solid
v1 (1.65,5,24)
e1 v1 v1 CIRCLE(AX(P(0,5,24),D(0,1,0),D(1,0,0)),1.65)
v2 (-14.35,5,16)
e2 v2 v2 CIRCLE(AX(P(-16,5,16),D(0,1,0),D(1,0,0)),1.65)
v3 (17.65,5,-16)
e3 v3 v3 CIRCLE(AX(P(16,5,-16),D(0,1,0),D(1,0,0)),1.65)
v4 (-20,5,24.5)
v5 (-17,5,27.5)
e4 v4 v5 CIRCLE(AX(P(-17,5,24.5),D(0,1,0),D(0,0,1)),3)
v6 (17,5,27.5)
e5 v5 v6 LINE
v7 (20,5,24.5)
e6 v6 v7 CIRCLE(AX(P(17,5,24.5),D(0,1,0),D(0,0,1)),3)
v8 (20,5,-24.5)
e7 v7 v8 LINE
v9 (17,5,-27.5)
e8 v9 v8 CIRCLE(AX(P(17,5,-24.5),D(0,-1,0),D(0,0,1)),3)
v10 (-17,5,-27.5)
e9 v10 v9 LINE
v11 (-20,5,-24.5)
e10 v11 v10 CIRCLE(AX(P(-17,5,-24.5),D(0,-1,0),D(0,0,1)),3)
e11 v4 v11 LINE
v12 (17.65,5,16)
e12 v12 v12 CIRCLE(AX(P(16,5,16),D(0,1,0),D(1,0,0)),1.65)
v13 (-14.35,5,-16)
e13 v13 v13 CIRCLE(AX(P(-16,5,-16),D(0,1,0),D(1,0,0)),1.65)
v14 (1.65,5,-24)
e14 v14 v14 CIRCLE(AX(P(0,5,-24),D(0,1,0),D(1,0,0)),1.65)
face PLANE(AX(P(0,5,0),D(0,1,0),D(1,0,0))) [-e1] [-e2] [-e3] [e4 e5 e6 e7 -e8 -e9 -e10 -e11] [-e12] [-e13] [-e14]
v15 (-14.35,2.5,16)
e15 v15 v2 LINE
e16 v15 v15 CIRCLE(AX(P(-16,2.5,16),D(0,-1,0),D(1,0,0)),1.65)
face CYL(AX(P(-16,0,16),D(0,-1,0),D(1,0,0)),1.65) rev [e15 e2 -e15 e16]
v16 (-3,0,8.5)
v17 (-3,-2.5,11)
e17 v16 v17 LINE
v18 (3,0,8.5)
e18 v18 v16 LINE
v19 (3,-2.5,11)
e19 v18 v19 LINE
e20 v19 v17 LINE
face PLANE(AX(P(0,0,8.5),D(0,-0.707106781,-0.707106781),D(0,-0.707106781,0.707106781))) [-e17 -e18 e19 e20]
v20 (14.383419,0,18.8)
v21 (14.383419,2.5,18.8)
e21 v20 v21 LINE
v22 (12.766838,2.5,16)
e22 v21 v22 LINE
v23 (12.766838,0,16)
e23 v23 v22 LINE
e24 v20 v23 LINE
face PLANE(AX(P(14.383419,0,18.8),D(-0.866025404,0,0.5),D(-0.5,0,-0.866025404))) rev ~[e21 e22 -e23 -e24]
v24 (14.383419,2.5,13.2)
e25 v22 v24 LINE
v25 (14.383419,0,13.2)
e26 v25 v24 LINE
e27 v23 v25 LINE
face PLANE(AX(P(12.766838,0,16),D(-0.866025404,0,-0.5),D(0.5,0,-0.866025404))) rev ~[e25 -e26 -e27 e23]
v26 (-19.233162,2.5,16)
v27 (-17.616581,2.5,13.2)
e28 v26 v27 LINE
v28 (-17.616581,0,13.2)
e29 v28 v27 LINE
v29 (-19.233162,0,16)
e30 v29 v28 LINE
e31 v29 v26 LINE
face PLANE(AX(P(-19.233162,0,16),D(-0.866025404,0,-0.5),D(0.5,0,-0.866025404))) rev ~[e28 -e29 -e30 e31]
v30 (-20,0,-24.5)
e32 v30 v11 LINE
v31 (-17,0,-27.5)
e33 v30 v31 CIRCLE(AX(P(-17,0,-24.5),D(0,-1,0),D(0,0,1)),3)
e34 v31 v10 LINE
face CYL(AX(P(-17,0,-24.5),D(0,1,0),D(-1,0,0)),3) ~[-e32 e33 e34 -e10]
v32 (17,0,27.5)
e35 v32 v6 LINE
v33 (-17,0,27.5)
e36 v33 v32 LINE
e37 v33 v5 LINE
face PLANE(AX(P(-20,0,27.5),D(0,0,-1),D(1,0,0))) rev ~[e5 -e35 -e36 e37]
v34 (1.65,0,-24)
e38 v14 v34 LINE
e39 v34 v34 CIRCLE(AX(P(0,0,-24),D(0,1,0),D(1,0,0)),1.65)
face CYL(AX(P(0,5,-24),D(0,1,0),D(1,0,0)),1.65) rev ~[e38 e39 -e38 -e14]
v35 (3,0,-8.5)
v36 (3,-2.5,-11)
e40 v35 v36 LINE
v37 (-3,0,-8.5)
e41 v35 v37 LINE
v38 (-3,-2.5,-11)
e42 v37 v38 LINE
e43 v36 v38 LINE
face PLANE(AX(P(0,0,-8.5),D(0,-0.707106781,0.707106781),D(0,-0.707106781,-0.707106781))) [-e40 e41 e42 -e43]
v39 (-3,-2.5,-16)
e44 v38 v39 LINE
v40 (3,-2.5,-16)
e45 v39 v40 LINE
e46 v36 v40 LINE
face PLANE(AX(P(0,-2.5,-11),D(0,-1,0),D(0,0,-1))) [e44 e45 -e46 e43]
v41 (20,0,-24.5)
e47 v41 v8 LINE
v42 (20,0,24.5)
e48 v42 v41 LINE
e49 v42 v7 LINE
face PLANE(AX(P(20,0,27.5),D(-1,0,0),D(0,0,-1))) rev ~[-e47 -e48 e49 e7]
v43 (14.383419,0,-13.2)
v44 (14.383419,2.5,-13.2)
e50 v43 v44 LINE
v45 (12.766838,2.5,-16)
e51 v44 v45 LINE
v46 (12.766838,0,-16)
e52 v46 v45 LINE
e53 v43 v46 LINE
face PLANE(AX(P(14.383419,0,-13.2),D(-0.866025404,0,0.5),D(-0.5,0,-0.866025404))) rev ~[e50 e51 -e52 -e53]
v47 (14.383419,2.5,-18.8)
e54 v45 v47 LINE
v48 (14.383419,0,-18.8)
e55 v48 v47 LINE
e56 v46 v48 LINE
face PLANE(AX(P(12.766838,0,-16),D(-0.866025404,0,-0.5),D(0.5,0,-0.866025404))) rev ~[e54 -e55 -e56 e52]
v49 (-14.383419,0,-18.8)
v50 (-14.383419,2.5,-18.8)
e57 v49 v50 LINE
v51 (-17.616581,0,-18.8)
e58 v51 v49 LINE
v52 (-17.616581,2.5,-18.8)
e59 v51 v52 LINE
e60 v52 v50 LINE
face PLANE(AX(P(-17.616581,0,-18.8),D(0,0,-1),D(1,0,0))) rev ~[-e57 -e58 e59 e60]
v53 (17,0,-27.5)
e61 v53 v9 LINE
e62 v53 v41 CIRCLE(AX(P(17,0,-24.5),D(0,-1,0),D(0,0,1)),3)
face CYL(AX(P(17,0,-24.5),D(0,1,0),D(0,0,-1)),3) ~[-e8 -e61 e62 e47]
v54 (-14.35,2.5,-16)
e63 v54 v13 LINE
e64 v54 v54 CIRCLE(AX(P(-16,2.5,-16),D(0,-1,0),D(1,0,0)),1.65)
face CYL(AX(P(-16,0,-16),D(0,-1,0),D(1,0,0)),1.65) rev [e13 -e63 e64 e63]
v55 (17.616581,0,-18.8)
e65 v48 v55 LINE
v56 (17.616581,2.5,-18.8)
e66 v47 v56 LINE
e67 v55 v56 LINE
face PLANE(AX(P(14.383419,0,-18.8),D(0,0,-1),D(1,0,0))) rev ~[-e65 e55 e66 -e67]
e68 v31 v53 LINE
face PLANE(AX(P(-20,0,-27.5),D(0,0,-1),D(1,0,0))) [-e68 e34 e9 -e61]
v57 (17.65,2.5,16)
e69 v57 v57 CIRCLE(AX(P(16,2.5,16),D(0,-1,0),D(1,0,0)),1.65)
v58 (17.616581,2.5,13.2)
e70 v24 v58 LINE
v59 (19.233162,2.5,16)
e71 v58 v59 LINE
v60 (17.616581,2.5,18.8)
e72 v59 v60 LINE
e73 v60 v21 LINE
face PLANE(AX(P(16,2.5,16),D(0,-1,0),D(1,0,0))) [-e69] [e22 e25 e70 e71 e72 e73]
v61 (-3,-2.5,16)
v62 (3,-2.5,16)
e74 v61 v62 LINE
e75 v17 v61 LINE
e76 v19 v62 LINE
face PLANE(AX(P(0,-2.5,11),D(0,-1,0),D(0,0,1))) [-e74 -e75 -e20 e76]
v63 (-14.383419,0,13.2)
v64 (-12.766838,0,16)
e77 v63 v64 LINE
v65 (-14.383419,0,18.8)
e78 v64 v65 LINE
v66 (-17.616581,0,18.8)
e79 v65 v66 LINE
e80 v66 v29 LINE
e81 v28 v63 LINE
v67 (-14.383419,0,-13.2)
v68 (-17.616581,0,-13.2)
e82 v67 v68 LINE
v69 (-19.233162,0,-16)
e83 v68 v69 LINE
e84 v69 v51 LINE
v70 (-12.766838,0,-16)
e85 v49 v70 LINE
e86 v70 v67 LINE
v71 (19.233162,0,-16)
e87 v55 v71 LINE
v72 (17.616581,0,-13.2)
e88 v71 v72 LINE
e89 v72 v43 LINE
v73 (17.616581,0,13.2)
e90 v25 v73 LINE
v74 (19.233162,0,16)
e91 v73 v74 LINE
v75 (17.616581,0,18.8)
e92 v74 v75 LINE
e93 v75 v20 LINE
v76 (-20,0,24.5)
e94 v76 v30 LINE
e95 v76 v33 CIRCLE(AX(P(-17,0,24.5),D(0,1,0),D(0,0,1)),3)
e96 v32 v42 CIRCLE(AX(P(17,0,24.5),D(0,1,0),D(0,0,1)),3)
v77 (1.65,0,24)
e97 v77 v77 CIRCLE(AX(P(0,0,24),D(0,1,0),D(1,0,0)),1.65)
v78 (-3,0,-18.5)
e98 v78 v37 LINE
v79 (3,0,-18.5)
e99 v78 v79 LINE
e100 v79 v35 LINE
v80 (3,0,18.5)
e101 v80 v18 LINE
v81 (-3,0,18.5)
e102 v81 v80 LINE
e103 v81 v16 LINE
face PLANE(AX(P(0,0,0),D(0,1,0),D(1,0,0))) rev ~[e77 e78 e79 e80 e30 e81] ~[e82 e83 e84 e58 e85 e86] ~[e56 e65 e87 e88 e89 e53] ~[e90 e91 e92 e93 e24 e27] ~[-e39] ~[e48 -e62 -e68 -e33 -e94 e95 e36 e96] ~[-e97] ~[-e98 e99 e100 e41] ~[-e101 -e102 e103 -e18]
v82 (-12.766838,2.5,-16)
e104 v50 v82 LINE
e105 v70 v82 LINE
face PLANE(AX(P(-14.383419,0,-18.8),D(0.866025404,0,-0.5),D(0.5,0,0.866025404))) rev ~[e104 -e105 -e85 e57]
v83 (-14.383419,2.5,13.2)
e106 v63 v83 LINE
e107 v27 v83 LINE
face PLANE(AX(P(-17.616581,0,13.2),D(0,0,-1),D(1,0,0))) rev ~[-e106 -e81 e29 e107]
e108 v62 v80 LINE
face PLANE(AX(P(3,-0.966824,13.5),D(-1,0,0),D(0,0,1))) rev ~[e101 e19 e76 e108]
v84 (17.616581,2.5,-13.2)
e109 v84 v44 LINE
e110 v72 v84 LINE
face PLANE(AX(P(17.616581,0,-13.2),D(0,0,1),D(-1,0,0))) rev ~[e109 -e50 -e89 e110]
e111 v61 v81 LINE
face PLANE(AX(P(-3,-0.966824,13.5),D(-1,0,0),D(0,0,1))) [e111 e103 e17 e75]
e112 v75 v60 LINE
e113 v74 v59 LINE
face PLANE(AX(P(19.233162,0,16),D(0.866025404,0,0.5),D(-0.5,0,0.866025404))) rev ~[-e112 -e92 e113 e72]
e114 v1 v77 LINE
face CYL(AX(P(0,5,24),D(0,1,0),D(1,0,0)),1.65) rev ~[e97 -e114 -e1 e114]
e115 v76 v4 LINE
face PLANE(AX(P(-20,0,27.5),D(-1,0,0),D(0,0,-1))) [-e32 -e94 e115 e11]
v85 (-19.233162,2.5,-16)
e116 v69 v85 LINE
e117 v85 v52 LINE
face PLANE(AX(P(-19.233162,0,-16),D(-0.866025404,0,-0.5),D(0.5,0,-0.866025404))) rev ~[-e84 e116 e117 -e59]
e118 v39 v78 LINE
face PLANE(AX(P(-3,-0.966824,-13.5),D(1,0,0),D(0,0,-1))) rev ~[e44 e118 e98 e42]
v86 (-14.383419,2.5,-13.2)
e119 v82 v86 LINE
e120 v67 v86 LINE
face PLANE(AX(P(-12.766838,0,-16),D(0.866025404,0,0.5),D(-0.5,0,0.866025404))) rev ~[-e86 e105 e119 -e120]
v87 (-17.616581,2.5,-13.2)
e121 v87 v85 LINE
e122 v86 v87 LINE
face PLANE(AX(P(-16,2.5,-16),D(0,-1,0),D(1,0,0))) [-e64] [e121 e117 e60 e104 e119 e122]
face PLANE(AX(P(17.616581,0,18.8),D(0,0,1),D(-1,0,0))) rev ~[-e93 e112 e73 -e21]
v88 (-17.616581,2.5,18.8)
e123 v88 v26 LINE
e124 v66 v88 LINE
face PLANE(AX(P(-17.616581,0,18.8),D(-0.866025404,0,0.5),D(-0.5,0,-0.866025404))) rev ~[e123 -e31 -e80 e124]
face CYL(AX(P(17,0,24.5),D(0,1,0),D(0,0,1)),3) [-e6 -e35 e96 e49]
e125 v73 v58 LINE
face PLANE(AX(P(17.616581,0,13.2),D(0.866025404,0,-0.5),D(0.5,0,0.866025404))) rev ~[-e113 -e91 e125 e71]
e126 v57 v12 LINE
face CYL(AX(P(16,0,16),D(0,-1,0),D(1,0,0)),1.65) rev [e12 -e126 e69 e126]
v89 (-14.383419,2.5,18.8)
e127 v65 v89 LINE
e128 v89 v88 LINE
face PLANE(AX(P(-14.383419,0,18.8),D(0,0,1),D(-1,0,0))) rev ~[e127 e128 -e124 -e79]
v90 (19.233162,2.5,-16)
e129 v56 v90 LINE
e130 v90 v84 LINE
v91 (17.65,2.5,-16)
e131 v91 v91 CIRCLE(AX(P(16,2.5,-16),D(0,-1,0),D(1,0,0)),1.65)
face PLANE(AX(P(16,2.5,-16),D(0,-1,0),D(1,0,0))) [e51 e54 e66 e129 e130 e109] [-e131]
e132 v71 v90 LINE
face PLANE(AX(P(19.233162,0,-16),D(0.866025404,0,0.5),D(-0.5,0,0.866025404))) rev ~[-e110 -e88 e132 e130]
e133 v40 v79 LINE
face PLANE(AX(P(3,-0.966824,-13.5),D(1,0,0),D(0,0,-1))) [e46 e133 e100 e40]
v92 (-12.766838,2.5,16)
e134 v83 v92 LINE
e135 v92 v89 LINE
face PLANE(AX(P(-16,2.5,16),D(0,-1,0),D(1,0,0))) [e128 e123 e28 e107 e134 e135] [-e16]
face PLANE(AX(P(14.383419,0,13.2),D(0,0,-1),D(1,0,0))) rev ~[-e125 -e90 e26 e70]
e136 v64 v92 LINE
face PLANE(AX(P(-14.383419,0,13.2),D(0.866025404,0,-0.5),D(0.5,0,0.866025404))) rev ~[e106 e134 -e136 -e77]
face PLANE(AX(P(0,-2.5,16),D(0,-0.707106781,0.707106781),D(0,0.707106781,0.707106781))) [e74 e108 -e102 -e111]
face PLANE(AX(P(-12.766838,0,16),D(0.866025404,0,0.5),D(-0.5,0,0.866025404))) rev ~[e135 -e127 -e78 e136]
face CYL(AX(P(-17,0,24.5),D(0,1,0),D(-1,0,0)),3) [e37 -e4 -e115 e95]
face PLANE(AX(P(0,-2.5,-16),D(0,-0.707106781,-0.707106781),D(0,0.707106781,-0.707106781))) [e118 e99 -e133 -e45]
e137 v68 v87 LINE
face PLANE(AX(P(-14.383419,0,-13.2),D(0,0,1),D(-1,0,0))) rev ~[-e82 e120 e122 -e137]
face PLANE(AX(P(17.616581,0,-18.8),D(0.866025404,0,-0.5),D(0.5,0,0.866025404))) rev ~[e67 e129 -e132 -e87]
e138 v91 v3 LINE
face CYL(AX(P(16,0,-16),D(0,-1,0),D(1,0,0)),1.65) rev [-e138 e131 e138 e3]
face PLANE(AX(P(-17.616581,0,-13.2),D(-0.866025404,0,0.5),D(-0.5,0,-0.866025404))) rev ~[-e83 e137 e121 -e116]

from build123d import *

# Parameters (mm, degrees)
SKETCH_1_W          = 40
SKETCH_1_H          = 55
SKETCH_1_R          = 1.65
EXTRUDE_1_DEPTH     = 5
EXTRUDE_2_DEPTH     = 3
SKETCH_3_R          = 1.65
CUT_EXTRUDE_1_DEPTH = 8.5
CUT_EXTRUDE_2_DEPTH = 2.5
FILLET_1_R          = 3


with BuildPart() as part:
    # 草图1 → 凸台-拉伸1 (new body)
    with BuildSketch(Plane(origin=(0, 0, 0), x_dir=(1, 0, 0), z_dir=(0, 1, 0))):
        Rectangle(SKETCH_1_W, SKETCH_1_H)
        with Locations((-16, 16)):
            Circle(SKETCH_1_R, mode=Mode.SUBTRACT)
        with Locations((16, 16)):
            Circle(SKETCH_1_R, mode=Mode.SUBTRACT)
        with Locations((16, -16)):
            Circle(SKETCH_1_R, mode=Mode.SUBTRACT)
        with Locations((-16, -16)):
            Circle(SKETCH_1_R, mode=Mode.SUBTRACT)
    extrude(amount=EXTRUDE_1_DEPTH)

    # 草图2 → 凸台-拉伸2 (add, symmetric)
    with BuildSketch(Plane(origin=(0, 0, 0), x_dir=(0, 0, -1), z_dir=(1, 0, 0))):
        Polygon((-18.5, 0), (-8.5, 0), (-11, -2.5), (-16, -2.5), align=None)
        Polygon((11, -2.5), (16, -2.5), (18.5, 0), (8.5, 0), align=None)
    extrude(amount=EXTRUDE_2_DEPTH, both=True)

    # 草图3 → 切除-拉伸1 (cut, through all)
    with BuildSketch(Plane(origin=(0, 5, 0), x_dir=(1, 0, 0), z_dir=(0, 1, 0))):
        with Locations((0, -24)):
            Circle(SKETCH_3_R)
        with Locations((0, 24)):
            Circle(SKETCH_3_R)
    extrude(amount=-CUT_EXTRUDE_1_DEPTH, mode=Mode.SUBTRACT)

    # 草图4 → 切除-拉伸2 (cut)
    with BuildSketch(Plane.XZ):
        Polygon((-14.383419246, 18.8), (-17.616580754, 18.8), (-19.233161507, 16), (-17.616580754, 13.2), (-14.383419246, 13.2), (-12.766838493, 16), align=None)
        Polygon((17.616580754, 18.8), (14.383419246, 18.8), (12.766838493, 16), (14.383419246, 13.2), (17.616580754, 13.2), (19.233161507, 16), align=None)
        Polygon((14.383419246, -13.2), (12.766838493, -16), (14.383419246, -18.8), (17.616580754, -18.8), (19.233161507, -16), (17.616580754, -13.2), align=None)
        Polygon((-17.616580754, -13.2), (-19.233161507, -16), (-17.616580754, -18.8), (-14.383419246, -18.8), (-12.766838493, -16), (-14.383419246, -13.2), align=None)
    extrude(amount=-CUT_EXTRUDE_2_DEPTH, mode=Mode.SUBTRACT)

    # 圆角1
    fillet_1_edges = [part.edges().sort_by_distance(p)[0] for p in [
        (20, 2.5, 27.5),
        (-20, 2.5, 27.5),
        (-20, 2.5, -27.5),
        (20, 2.5, -27.5),
    ]]
    fillet(fillet_1_edges, radius=FILLET_1_R)


solid = part.part
